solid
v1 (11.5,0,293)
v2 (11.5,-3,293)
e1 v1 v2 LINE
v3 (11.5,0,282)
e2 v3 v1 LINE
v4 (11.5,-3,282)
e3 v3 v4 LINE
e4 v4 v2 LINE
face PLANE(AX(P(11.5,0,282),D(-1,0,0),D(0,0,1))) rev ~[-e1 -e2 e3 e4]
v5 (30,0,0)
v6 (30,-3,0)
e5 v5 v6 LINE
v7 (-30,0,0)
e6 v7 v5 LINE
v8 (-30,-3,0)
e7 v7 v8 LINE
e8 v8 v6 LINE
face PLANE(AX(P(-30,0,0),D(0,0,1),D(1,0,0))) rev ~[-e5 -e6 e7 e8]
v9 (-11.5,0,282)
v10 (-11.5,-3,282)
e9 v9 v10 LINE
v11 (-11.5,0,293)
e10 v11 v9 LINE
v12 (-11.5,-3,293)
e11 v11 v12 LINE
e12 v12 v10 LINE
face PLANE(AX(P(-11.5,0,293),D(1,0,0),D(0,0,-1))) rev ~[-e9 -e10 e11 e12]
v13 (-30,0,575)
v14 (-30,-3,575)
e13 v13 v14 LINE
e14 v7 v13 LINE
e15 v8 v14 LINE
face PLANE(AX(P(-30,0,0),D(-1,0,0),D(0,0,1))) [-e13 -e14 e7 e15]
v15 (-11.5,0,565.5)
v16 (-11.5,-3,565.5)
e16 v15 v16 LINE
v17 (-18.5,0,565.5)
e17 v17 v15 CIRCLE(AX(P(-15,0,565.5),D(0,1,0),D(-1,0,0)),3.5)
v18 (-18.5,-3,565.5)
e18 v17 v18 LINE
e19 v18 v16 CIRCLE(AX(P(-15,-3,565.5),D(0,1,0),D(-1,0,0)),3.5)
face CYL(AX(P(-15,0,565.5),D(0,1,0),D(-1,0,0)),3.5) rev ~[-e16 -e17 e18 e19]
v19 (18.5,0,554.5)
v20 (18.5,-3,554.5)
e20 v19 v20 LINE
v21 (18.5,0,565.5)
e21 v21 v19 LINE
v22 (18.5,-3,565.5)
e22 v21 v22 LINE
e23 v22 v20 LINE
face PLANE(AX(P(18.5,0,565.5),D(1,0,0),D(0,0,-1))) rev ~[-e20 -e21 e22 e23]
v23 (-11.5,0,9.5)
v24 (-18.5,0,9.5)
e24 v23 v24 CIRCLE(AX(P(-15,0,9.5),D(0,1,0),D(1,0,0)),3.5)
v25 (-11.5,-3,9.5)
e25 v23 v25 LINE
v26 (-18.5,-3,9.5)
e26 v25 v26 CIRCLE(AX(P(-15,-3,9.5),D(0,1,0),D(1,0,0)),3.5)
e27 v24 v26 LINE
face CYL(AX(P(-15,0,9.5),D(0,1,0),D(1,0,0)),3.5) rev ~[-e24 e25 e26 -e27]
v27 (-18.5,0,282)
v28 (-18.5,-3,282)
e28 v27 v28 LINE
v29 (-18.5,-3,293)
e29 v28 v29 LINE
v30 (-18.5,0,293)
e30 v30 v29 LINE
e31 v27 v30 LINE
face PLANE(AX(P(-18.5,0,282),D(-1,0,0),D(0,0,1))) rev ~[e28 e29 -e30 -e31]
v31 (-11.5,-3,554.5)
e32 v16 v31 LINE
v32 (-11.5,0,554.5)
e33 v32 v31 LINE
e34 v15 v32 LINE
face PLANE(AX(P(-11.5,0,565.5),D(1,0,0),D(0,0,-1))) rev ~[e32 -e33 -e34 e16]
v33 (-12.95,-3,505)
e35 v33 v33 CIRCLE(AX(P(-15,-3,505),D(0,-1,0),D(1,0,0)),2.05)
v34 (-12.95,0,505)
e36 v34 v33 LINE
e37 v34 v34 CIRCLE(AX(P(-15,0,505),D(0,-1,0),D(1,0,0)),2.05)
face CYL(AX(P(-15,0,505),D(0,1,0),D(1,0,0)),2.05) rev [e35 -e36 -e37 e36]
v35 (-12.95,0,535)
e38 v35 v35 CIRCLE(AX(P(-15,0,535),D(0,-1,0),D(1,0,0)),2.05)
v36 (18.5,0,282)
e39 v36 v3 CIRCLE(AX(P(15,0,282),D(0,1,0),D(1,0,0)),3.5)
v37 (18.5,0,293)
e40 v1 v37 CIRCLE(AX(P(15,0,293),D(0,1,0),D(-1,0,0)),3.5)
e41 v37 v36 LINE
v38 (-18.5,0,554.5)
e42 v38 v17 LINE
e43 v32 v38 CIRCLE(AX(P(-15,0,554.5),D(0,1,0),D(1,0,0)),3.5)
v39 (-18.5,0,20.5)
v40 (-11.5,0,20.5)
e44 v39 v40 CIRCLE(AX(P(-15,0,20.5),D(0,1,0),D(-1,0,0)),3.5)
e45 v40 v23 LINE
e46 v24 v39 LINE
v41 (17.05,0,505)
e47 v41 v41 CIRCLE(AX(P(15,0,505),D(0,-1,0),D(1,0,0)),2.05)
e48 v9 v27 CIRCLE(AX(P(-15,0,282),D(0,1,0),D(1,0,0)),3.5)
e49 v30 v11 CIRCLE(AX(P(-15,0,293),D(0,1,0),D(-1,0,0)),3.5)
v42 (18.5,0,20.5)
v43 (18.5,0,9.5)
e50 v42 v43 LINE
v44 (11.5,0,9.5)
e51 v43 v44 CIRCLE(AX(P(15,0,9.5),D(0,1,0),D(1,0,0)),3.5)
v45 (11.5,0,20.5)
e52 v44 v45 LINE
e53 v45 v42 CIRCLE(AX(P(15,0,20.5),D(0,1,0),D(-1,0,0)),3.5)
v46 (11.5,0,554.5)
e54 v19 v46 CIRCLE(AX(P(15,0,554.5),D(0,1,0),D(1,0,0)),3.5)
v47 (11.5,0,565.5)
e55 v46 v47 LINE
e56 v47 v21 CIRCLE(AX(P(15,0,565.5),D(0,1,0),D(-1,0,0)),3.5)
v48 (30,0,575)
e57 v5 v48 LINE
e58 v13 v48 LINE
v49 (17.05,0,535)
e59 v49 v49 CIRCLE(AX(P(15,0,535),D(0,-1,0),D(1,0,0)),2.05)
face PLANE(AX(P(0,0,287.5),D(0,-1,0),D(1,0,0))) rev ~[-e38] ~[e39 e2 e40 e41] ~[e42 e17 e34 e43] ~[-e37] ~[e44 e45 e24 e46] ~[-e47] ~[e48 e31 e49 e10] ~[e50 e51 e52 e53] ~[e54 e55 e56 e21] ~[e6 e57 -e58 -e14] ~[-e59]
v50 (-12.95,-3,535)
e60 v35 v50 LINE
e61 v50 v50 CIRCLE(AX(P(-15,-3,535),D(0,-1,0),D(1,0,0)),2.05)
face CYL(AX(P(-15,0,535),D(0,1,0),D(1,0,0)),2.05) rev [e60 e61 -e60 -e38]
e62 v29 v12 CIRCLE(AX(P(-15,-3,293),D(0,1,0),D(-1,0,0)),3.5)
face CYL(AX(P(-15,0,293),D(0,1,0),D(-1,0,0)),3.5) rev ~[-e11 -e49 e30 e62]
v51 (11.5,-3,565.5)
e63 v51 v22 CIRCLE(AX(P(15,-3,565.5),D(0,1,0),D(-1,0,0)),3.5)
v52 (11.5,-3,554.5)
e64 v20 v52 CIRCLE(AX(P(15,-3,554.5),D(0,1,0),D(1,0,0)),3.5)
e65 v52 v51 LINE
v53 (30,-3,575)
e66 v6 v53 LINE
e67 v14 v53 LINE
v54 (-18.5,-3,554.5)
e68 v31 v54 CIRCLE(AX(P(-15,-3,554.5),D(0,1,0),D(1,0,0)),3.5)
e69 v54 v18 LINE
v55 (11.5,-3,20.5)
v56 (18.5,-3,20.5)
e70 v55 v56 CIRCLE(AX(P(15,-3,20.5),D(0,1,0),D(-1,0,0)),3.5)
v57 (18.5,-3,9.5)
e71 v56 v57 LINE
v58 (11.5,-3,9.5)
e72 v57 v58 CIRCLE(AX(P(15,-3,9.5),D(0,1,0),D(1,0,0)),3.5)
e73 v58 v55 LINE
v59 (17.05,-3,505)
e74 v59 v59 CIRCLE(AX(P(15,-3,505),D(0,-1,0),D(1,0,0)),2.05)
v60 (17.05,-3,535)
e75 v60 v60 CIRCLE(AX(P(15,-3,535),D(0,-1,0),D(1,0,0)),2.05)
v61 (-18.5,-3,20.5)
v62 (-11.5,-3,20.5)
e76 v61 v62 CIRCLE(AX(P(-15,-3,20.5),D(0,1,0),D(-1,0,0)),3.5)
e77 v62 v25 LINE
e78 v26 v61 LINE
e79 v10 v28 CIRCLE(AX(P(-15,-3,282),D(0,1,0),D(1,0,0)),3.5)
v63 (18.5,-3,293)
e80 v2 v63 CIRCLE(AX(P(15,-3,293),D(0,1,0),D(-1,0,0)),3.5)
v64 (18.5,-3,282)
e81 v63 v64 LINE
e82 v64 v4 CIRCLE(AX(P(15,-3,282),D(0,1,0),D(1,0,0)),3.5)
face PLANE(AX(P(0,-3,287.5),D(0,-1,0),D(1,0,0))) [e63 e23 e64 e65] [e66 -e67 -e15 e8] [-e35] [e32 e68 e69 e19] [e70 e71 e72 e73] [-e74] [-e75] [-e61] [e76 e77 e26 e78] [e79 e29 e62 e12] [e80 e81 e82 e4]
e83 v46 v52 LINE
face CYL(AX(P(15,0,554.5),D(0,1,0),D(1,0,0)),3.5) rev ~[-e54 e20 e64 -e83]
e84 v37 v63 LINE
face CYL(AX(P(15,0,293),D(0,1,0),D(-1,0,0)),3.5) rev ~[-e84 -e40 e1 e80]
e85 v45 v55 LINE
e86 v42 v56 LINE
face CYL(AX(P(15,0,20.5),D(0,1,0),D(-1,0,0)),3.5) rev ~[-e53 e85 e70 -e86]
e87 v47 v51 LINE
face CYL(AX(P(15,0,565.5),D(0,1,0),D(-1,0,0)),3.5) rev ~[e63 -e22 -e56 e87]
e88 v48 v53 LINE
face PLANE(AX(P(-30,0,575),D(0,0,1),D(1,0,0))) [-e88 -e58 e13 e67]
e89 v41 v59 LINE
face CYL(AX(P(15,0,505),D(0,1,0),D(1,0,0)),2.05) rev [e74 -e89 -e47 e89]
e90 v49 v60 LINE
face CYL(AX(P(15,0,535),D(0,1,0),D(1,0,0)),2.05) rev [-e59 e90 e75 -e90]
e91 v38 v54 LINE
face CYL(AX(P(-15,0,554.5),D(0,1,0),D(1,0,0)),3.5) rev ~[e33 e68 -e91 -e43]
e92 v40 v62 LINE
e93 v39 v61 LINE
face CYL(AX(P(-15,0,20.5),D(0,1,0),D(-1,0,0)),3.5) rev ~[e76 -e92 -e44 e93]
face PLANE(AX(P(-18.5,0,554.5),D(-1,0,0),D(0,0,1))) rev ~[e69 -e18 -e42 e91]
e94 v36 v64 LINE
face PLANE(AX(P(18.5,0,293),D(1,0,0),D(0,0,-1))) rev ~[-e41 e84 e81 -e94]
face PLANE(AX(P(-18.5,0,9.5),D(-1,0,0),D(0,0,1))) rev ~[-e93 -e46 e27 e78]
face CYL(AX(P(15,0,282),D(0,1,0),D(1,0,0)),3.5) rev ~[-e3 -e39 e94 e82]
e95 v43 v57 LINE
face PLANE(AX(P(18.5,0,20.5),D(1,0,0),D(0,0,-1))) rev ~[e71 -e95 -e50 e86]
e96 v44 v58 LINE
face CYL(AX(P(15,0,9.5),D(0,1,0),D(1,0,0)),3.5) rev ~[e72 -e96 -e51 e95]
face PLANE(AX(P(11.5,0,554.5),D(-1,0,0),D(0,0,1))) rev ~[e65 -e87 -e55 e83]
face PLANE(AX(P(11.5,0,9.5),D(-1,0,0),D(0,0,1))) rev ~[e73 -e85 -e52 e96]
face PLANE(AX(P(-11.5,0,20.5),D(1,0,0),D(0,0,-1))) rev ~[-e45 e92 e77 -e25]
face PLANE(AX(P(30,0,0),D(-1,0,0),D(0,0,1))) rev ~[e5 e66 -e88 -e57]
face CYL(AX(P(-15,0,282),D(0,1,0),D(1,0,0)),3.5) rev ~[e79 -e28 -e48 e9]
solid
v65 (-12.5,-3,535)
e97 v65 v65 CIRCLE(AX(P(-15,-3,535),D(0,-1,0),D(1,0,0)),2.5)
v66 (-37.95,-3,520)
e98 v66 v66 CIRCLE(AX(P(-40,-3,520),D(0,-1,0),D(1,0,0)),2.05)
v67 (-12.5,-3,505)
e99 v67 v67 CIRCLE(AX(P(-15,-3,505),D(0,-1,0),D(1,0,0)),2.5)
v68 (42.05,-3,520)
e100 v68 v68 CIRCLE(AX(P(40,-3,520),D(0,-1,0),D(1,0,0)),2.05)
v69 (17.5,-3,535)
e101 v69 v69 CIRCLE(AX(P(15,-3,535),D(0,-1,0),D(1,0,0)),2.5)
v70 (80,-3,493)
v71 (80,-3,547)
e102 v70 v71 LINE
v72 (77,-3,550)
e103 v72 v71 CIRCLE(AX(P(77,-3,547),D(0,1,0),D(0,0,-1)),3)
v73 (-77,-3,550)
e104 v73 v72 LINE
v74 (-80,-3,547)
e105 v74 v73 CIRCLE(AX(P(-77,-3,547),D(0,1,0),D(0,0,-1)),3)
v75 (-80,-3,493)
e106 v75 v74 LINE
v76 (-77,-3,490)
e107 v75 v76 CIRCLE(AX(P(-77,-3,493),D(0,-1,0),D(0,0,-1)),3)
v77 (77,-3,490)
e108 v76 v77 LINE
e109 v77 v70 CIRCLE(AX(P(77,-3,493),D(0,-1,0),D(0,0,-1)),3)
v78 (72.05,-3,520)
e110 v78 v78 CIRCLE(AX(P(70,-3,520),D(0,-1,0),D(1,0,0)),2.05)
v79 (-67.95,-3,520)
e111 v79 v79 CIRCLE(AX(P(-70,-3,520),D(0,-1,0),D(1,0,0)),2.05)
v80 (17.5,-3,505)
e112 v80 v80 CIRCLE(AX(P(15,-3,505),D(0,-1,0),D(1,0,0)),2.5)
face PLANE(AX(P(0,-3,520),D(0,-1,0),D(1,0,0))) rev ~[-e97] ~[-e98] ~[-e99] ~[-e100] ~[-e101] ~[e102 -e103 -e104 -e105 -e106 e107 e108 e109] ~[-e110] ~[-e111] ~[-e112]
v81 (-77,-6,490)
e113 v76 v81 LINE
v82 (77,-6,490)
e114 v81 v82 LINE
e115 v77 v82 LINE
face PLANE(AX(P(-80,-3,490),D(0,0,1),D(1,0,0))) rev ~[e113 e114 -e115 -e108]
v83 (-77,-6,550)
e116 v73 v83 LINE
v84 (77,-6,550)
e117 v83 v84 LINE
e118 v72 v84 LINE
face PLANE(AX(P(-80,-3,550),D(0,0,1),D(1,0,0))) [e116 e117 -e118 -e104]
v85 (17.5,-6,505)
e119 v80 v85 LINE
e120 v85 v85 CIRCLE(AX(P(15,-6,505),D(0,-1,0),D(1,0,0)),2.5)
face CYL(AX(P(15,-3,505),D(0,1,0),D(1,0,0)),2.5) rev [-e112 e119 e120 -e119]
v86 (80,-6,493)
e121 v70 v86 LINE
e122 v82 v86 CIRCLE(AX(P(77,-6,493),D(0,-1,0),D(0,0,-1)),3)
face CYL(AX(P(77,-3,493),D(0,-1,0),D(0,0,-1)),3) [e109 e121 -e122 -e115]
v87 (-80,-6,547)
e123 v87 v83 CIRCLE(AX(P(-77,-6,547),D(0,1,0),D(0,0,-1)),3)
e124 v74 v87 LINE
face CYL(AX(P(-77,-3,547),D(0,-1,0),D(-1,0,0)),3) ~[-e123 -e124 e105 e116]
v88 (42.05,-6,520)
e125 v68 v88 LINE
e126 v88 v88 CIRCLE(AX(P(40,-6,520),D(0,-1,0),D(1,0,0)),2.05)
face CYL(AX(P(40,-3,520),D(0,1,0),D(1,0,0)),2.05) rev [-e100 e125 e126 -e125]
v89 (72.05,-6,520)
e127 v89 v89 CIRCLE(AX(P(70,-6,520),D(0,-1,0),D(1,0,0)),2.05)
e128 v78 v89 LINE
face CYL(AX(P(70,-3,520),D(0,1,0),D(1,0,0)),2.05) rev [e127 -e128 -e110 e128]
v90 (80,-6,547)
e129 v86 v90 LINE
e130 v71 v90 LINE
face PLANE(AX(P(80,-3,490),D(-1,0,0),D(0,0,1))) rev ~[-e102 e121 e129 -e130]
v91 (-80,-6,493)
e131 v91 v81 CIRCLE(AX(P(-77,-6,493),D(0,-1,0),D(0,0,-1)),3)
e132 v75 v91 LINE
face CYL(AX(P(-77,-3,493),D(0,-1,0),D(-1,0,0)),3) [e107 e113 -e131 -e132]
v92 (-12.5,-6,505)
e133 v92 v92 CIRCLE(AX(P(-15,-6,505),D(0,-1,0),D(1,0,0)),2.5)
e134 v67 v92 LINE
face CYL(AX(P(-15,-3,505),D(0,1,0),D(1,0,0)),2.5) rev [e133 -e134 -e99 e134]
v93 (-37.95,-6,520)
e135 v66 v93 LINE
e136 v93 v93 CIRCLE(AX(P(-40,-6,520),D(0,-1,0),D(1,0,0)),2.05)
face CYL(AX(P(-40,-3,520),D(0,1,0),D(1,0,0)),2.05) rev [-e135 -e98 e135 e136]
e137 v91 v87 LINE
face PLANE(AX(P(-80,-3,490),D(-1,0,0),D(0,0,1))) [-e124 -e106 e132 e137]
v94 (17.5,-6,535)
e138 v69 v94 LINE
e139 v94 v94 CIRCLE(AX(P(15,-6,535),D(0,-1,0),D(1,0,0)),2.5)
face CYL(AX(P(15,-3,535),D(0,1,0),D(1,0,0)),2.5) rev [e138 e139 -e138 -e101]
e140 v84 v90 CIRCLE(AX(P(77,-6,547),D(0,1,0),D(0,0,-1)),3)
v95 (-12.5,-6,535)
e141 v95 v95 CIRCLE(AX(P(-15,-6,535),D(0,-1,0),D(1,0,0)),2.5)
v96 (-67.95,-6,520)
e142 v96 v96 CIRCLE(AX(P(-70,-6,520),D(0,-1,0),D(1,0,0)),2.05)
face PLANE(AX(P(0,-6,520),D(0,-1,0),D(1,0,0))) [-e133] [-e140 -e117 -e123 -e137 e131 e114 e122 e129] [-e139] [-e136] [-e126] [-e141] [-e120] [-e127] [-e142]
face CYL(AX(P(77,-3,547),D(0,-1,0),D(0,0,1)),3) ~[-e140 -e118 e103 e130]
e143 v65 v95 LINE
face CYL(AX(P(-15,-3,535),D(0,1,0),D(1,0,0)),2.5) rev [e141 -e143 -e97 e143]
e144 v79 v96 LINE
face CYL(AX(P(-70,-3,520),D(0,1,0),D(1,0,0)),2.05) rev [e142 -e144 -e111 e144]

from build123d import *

# Parameters (mm, degrees)
F0_W     = 60
F0_H     = 575
F0_R     = 2.05
F1_DEPTH = 3
F2_W     = 160
F2_H     = 60
F2_R     = 2.5
F2_R_2   = 2.05
F3_DEPTH = 3
F4_R     = 3


with BuildPart() as f1:
    # F0 (on Front) → F1 (new body)
    with BuildSketch(Plane.XZ):
        with Locations((0, 287.5)):
            Rectangle(F0_W, F0_H)
        with BuildLine():
            Line((-11.5, 20.5), (-11.5, 9.5))
            ThreePointArc((-11.5, 9.5), (-15, 6), (-18.5, 9.5))
            Line((-18.5, 9.5), (-18.5, 20.5))
            ThreePointArc((-18.5, 20.5), (-15, 24), (-11.5, 20.5))
        make_face(mode=Mode.SUBTRACT)
        with BuildLine():
            Line((18.5, 20.5), (18.5, 9.5))
            ThreePointArc((18.5, 9.5), (15, 6), (11.5, 9.5))
            Line((11.5, 9.5), (11.5, 20.5))
            ThreePointArc((11.5, 20.5), (15, 24), (18.5, 20.5))
        make_face(mode=Mode.SUBTRACT)
        with BuildLine():
            Line((-11.5, 293), (-11.5, 282))
            ThreePointArc((-11.5, 282), (-15, 278.5), (-18.5, 282))
            Line((-18.5, 282), (-18.5, 293))
            ThreePointArc((-18.5, 293), (-15, 296.5), (-11.5, 293))
        make_face(mode=Mode.SUBTRACT)
        with Locations((-15, 505)):
            Circle(F0_R, mode=Mode.SUBTRACT)
        with Locations((-15, 535)):
            Circle(F0_R, mode=Mode.SUBTRACT)
        with BuildLine():
            Line((-11.5, 565.5), (-11.5, 554.5))
            ThreePointArc((-11.5, 554.5), (-15, 551), (-18.5, 554.5))
            Line((-18.5, 554.5), (-18.5, 565.5))
            ThreePointArc((-18.5, 565.5), (-15, 569), (-11.5, 565.5))
        make_face(mode=Mode.SUBTRACT)
        with BuildLine():
            Line((18.5, 293), (18.5, 282))
            ThreePointArc((18.5, 282), (15, 278.5), (11.5, 282))
            Line((11.5, 282), (11.5, 293))
            ThreePointArc((11.5, 293), (15, 296.5), (18.5, 293))
        make_face(mode=Mode.SUBTRACT)
        with Locations((15, 505)):
            Circle(F0_R, mode=Mode.SUBTRACT)
        with Locations((15, 535)):
            Circle(F0_R, mode=Mode.SUBTRACT)
        with BuildLine():
            Line((18.5, 565.5), (18.5, 554.5))
            ThreePointArc((18.5, 554.5), (15, 551), (11.5, 554.5))
            Line((11.5, 554.5), (11.5, 565.5))
            ThreePointArc((11.5, 565.5), (15, 569), (18.5, 565.5))
        make_face(mode=Mode.SUBTRACT)
    extrude(amount=F1_DEPTH)


with BuildPart() as f3:
    # F2 (on face) → F3 (new body)
    with BuildSketch(Plane.XZ.offset(3)):
        with Locations((0, 520)):
            Rectangle(F2_W, F2_H)
        with Locations((-15, 505)):
            Circle(F2_R, mode=Mode.SUBTRACT)
        with Locations((15, 505)):
            Circle(F2_R, mode=Mode.SUBTRACT)
        with Locations((-70, 520)):
            Circle(F2_R_2, mode=Mode.SUBTRACT)
        with Locations((-40, 520)):
            Circle(F2_R_2, mode=Mode.SUBTRACT)
        with Locations((-15, 535)):
            Circle(F2_R, mode=Mode.SUBTRACT)
        with Locations((40, 520)):
            Circle(F2_R_2, mode=Mode.SUBTRACT)
        with Locations((70, 520)):
            Circle(F2_R_2, mode=Mode.SUBTRACT)
        with Locations((15, 535)):
            Circle(F2_R, mode=Mode.SUBTRACT)
    extrude(amount=F3_DEPTH)

    # F4
    f4_edges = [f3.edges().sort_by_distance(p)[0] for p in [
        (-80, -4.5, 550),
        (-80, -4.5, 490),
        (80, -4.5, 550),
        (80, -4.5, 490),
    ]]
    fillet(f4_edges, radius=F4_R)


solid = Compound([f1.part, f3.part])
